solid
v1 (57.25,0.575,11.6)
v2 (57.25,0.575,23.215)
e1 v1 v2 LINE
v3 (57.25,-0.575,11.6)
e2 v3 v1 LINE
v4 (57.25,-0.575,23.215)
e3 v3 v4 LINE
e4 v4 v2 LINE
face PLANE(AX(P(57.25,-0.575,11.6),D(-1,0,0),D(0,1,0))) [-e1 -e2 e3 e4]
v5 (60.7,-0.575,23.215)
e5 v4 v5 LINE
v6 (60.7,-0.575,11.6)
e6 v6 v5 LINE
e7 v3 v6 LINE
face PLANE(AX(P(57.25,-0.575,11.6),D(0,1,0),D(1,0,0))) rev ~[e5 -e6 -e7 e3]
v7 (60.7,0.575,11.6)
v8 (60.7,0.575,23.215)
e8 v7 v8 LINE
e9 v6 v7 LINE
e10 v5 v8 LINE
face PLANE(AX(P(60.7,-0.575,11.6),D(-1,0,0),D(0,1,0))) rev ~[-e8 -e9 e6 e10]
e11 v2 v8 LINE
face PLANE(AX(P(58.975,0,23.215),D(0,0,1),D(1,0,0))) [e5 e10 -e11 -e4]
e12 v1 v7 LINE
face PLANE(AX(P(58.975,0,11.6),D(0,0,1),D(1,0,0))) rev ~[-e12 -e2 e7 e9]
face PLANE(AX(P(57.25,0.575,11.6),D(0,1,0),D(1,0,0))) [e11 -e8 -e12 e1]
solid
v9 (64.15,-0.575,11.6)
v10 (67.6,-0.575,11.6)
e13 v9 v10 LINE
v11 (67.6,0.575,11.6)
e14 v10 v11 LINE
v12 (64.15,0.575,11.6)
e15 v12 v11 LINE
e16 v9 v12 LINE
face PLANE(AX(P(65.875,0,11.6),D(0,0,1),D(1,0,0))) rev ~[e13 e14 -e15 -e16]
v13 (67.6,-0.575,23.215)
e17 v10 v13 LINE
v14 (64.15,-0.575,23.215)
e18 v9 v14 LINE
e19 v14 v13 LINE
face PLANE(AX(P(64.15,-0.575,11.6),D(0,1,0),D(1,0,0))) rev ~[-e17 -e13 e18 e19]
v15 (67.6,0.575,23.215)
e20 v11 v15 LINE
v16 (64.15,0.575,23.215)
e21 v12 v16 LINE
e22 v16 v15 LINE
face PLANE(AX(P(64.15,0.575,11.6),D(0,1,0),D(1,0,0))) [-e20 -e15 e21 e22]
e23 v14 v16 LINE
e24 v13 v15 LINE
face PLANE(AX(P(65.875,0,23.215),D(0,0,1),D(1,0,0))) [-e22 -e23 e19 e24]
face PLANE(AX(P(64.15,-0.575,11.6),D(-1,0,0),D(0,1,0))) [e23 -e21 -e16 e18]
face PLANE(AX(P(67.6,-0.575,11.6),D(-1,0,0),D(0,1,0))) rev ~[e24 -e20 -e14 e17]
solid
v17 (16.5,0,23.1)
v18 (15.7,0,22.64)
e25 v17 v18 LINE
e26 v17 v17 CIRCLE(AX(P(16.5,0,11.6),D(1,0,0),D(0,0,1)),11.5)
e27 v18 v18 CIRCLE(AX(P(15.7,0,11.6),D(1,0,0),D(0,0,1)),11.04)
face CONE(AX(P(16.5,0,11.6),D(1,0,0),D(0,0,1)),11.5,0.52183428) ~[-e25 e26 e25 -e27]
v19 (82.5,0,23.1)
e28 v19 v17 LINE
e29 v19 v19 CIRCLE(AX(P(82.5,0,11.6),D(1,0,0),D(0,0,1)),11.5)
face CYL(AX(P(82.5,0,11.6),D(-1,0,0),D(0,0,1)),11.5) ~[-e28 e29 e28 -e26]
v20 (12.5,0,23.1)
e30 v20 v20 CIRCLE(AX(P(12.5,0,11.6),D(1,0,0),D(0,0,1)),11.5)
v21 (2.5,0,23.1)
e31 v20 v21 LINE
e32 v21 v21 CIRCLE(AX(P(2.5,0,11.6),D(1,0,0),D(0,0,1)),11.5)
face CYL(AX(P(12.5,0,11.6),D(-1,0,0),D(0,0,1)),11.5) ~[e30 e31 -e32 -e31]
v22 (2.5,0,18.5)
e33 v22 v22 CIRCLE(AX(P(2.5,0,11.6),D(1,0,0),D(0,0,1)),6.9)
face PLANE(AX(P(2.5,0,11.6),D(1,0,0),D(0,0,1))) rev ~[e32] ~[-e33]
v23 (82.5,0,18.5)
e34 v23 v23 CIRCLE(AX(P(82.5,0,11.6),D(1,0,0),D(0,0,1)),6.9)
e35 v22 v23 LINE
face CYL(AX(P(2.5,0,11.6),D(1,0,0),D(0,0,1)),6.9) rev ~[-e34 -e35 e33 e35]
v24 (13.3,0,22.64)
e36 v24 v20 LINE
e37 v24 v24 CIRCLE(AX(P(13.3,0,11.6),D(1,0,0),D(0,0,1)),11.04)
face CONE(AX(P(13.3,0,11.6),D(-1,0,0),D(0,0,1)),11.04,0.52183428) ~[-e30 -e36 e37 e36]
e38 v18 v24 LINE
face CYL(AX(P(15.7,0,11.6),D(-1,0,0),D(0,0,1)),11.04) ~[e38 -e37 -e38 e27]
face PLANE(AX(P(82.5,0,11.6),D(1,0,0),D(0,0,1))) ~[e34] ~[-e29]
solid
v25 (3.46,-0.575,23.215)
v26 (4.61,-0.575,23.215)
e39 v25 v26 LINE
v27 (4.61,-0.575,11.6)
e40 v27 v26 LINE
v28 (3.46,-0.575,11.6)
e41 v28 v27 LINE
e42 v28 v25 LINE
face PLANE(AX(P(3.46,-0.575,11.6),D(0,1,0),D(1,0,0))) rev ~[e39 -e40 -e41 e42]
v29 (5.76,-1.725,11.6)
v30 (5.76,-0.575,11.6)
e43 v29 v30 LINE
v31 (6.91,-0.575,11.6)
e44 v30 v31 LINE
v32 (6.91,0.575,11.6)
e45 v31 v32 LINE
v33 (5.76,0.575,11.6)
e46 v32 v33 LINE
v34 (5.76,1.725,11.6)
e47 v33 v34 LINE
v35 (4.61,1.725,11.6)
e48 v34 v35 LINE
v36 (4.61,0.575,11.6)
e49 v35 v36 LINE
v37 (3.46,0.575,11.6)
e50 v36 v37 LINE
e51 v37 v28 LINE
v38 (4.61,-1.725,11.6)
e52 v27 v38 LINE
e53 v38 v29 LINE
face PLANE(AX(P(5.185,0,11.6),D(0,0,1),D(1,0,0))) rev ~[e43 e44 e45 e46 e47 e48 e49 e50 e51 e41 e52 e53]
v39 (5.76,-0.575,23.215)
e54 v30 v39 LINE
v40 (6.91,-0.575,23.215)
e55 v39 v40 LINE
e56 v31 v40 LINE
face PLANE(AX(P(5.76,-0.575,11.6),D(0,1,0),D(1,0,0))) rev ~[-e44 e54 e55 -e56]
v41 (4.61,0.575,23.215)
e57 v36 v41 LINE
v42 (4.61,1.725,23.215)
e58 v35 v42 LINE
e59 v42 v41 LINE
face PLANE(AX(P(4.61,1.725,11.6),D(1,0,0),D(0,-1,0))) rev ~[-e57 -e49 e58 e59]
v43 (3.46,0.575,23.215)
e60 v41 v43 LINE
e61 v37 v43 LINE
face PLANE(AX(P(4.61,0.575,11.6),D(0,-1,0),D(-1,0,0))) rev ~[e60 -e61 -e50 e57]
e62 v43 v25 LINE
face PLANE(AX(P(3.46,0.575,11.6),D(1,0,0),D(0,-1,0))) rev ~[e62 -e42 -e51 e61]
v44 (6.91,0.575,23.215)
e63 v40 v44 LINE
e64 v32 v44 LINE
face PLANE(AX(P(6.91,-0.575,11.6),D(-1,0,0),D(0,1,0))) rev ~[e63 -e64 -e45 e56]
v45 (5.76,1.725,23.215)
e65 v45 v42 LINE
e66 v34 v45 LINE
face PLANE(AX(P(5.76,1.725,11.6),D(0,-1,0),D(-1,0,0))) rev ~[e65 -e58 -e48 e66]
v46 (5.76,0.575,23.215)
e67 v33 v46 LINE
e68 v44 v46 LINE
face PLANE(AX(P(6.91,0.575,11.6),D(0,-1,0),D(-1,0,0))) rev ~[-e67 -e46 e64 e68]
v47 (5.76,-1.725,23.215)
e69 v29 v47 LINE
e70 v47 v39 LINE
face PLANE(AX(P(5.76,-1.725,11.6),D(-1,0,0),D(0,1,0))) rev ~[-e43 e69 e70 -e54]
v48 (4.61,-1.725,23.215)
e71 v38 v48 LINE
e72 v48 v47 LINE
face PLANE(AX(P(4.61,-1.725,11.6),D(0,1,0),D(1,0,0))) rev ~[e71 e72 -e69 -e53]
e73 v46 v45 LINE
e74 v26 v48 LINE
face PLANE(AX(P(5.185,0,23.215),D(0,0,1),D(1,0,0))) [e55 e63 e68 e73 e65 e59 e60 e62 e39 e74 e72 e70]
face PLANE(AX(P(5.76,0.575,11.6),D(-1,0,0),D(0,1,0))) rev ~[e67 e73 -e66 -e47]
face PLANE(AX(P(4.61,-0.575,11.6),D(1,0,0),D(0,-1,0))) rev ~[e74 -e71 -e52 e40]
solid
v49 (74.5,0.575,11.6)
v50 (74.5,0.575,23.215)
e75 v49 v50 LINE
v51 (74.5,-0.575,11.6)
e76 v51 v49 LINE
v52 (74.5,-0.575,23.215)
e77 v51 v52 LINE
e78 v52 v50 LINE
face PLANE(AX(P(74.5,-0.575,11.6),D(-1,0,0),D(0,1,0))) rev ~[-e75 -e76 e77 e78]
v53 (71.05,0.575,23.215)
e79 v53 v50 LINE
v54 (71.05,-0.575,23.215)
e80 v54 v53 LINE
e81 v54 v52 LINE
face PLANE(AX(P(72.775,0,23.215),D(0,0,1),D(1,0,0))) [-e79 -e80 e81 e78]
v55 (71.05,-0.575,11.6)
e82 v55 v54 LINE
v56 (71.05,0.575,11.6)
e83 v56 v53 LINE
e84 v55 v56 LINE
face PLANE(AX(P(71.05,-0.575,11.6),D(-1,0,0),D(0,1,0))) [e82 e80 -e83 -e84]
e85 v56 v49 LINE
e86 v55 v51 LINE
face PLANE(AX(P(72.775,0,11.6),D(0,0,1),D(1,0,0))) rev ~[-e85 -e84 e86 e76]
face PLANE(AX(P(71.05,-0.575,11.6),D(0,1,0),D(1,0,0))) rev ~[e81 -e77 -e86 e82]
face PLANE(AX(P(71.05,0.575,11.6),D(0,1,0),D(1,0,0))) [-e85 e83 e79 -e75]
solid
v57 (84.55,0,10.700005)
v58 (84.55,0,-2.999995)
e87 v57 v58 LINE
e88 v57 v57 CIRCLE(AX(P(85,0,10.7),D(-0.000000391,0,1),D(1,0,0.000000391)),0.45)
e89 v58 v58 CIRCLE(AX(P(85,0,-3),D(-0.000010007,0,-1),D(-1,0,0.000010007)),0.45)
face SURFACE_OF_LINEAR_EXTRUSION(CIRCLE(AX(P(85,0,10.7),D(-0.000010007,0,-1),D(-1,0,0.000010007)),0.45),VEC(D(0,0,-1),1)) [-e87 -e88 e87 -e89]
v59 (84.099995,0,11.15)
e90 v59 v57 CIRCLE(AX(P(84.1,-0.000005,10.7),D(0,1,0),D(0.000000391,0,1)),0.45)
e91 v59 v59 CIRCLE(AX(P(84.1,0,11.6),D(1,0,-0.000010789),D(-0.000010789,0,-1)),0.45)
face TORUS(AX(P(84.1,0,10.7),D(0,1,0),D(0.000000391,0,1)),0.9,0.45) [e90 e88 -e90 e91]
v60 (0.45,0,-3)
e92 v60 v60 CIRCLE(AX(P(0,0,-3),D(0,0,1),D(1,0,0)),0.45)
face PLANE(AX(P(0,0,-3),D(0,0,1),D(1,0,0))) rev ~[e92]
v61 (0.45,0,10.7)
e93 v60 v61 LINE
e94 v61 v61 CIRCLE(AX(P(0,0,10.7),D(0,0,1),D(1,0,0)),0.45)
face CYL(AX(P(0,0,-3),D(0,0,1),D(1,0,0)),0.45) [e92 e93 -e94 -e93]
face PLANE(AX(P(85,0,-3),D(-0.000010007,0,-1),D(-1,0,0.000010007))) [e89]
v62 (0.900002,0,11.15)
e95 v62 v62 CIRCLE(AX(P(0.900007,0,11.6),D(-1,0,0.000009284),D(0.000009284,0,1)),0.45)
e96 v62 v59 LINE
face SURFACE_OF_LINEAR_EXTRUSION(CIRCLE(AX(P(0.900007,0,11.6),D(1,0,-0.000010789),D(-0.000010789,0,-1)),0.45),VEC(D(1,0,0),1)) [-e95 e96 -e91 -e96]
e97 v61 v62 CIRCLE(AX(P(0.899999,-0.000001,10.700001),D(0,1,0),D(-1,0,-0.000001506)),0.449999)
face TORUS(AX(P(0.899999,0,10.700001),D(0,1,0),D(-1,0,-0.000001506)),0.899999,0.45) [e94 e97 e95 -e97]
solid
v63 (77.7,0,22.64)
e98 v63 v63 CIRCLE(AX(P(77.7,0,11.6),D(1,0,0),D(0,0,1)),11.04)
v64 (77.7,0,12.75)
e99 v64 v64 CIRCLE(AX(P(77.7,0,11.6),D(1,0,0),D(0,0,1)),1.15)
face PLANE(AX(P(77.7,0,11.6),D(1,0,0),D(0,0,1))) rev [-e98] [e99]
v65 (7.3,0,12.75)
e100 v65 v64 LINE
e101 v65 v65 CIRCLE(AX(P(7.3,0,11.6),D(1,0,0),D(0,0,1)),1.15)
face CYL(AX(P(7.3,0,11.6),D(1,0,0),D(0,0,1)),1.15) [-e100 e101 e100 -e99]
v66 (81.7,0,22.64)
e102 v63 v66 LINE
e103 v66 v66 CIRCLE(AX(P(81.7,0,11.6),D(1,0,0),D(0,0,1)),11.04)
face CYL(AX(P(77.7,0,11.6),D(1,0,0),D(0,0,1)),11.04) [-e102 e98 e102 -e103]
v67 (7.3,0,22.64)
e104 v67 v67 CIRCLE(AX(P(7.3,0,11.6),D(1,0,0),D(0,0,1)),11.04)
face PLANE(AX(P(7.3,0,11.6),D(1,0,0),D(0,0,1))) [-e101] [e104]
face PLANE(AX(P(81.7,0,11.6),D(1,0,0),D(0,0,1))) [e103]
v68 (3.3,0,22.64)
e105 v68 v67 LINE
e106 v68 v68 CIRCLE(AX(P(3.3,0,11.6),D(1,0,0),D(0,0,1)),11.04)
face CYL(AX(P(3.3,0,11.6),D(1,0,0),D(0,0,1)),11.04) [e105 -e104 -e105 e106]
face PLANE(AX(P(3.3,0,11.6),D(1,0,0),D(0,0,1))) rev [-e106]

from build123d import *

# Parameters (mm, degrees)
SKETCH_R    = 0.45
SKETCH004_W = 3.45
SKETCH004_H = 1.15
PAD_DEPTH   = 11.615


with BuildPart() as sweep_body:
    # Sweep: sweep along a path in Sketch001
    with BuildLine(Plane.XZ) as sweep_path:
        Line((0, -3), (0, 10.7))
        ThreePointArc((0, 10.7), (0.263606, 11.336399), (0.900007, 11.6))
        Line((0.900007, 11.6), (84.1, 11.6))
        ThreePointArc((84.1, 11.6), (84.736396, 11.336396), (85, 10.7))
        Line((85, 10.7), (85, -3))
    # Sketch → Sweep (sweep)
    with BuildSketch(Plane.XY.offset(-2)):
        Circle(SKETCH_R)
    sweep(path=sweep_path.line)


with BuildPart() as revolution:
    # Sketch002 → Revolution (revolve)
    with BuildSketch(Plane.XZ):
        Polygon((2.5, 23.1), (2.5, 18.5), (82.5, 18.5), (82.5, 23.1), (16.5, 23.1), (15.7, 22.64), (13.3, 22.64), (12.5, 23.1), align=None)
    revolve(axis=Axis((6.97588, 0, 11.6), (1, 0, 0)))


with BuildPart() as revolution001:
    # Sketch003 → Revolution001 (revolve)
    with BuildSketch(Plane.XZ):
        Polygon((3.3, 22.64), (7.3, 22.64), (7.3, 12.75), (77.7, 12.75), (77.7, 22.64), (81.7, 22.64), (81.7, 11.6), (3.3, 11.6), align=None)
    revolve(axis=Axis((6.97588, 0, 11.6), (1, 0, 0)))


with BuildPart() as pad:
    # Sketch004 → Pad (new body)
    with BuildSketch(Plane.XY.offset(11.6)):
        with Locations((72.775, 0)):
            Rectangle(SKETCH004_W, SKETCH004_H)
        with Locations((65.875, 0)):
            Rectangle(SKETCH004_W, SKETCH004_H)
        with Locations((58.975, 0)):
            Rectangle(SKETCH004_W, SKETCH004_H)
        Polygon((4.61, 0.575), (3.46, 0.575), (3.46, -0.575), (4.61, -0.575), (4.61, -1.725), (5.76, -1.725), (5.76, -0.575), (6.91, -0.575), (6.91, 0.575), (5.76, 0.575), (5.76, 1.725), (4.61, 1.725), align=None)
    extrude(amount=PAD_DEPTH)


solid = Compound([sweep_body.part, revolution.part, revolution001.part, pad.part])
